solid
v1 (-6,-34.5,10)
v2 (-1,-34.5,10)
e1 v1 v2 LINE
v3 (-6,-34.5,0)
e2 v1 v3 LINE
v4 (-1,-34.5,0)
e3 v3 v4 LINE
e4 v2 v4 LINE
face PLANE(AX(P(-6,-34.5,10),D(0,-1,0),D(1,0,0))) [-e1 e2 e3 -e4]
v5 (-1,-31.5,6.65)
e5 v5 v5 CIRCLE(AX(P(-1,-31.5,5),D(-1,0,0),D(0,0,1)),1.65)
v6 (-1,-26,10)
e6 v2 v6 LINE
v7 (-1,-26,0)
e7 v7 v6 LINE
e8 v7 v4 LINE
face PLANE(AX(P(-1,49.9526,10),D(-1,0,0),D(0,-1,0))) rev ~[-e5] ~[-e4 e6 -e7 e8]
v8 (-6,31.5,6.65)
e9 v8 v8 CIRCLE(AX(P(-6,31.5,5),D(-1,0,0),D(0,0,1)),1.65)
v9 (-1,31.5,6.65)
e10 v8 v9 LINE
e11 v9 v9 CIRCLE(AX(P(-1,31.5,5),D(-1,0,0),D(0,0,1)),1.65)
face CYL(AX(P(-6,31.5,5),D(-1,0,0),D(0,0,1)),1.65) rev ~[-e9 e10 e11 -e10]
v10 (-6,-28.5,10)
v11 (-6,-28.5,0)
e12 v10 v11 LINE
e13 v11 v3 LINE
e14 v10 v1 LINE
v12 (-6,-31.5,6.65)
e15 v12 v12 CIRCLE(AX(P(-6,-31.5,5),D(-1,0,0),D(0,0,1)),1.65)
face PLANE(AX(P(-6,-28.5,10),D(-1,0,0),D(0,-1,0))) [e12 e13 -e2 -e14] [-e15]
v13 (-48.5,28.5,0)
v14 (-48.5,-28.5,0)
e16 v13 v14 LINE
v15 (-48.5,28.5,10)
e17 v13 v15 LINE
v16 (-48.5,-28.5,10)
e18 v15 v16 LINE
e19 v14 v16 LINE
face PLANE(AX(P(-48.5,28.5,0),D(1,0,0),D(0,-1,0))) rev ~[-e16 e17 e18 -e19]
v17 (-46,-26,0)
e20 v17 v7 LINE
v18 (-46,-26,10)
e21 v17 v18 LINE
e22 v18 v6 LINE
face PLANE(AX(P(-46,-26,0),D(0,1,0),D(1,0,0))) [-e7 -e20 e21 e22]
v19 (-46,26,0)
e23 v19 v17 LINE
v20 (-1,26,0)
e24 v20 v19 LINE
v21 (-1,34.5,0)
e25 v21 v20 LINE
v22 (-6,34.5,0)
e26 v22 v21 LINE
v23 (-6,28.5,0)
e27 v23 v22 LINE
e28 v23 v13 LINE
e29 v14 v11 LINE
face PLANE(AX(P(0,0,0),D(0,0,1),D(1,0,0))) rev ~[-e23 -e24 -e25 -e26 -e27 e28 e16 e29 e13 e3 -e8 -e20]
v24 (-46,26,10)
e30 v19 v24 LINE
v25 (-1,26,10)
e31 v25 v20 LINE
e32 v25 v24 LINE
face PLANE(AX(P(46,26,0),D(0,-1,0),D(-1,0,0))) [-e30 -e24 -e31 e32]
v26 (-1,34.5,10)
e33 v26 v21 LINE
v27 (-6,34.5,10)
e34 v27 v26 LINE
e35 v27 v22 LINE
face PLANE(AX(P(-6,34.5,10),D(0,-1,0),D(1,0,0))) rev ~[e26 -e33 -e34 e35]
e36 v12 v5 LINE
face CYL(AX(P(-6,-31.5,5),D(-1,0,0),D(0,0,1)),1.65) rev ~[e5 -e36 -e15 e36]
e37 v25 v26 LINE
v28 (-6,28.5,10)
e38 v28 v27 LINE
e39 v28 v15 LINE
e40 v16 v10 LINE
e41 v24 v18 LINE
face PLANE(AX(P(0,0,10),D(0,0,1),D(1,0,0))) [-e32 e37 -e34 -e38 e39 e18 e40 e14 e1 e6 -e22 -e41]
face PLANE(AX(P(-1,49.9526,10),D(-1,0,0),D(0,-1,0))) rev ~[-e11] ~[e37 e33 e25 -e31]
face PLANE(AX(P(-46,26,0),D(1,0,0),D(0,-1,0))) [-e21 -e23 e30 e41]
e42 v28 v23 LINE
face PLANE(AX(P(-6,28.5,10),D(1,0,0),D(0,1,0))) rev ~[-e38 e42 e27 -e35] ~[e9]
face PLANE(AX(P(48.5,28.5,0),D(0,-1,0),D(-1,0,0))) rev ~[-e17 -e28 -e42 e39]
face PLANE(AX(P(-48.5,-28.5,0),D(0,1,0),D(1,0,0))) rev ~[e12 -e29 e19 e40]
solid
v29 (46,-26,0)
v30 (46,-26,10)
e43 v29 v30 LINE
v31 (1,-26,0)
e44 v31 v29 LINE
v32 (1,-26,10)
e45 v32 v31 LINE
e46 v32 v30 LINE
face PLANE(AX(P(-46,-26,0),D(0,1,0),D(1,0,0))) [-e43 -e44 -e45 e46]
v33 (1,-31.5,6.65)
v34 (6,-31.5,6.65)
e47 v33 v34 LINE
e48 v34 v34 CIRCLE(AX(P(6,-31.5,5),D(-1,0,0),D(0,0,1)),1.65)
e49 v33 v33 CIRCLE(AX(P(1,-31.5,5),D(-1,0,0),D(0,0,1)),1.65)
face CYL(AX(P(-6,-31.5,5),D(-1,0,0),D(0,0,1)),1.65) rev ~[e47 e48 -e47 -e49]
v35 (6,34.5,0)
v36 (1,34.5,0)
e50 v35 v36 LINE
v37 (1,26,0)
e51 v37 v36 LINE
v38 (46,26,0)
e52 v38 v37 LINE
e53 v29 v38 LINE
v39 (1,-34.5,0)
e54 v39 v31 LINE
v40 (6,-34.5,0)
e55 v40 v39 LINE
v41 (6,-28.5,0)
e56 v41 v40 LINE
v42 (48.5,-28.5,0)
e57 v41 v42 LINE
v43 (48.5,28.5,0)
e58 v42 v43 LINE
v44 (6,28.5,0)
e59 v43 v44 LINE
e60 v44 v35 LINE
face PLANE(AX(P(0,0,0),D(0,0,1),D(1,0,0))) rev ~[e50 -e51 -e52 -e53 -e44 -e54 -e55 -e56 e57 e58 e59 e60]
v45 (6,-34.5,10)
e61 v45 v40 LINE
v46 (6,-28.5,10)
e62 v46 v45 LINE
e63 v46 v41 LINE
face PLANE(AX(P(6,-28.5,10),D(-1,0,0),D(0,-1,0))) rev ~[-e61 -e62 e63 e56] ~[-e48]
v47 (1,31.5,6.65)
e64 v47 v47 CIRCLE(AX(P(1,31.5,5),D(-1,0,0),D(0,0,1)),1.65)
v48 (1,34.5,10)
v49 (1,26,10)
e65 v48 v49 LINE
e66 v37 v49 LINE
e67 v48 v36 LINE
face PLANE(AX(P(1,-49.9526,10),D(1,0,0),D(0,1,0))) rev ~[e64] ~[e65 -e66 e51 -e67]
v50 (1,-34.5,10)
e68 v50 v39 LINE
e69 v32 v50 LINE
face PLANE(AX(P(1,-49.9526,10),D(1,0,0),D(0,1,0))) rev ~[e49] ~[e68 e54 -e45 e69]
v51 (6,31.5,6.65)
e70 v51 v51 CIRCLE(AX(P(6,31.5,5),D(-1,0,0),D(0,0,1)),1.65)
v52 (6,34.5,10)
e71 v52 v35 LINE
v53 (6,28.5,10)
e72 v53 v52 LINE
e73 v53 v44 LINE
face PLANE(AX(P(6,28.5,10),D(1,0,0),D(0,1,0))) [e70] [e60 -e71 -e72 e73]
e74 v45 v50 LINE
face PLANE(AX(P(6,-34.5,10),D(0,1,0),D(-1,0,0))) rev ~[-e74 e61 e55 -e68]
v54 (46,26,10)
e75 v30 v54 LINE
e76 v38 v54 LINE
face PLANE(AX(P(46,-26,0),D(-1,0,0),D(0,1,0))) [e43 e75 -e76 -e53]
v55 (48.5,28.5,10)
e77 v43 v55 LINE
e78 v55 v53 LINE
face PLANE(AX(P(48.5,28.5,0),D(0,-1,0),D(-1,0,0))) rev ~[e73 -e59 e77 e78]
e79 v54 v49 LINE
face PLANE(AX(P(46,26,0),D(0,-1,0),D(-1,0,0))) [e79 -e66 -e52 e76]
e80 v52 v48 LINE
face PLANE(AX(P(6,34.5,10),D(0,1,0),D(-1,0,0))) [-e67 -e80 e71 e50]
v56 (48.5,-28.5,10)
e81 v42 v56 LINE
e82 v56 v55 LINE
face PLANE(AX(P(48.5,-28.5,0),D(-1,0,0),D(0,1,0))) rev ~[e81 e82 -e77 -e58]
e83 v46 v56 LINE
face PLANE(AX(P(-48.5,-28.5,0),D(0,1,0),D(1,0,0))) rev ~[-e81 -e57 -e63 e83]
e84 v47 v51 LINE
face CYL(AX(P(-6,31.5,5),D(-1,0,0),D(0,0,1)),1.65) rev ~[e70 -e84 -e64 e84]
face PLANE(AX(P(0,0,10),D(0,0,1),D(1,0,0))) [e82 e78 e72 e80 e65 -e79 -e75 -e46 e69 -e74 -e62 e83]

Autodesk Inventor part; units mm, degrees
ref_plane "YZ Plane" through (0, 0, 0) normal (1, 0, 0) x (0, 1, 0)
ref_plane "XZ Plane" through (0, 0, 0) normal (0, 1, 0) x (-1, 0, 0)
ref_plane "XY Plane" through (0, 0, 0) normal (0, 0, 1) x (1, 0, 0)
sketch "Sketch6" plane through (0, 0, 0) normal (0, 0, 1) x (1, 0, 0)
  line L0 (-46, -26) -> (46, -26)
  line L1 (46, -26) -> (46, 26)
  line L2 (46, 26) -> (-46, 26)
  line L3 (-46, 26) -> (-46, -26)
  line L4 (-46, -26) -> (46, 26) construction
  line L5 (46, -26) -> (-46, 26) construction
  line L6 (-48.5, -28.5) -> (48.5, -28.5)
  line L7 (48.5, -28.5) -> (48.5, 28.5)
  line L8 (48.5, 28.5) -> (-48.5, 28.5)
  line L9 (-48.5, 28.5) -> (-48.5, -28.5)
  line L10 (-48.5, -28.5) -> (48.5, 28.5) construction
  line L11 (48.5, -28.5) -> (-48.5, 28.5) construction
  point P0 (0, 0)
  dimension "d35" = 2.5
  dimension "d36" = 2.5
  dimension "d37" = 52
  dimension "d38" = 92
extrude "Extrusion6" add sketch "Sketch6" along normal blind 10
sketch "Sketch7" plane through (0, 0, 10) normal (0, 0, 1) x (1, 0, 0)
  line L0 (-1, -49.9526) -> (1, -49.9526)
  line L1 (1, -49.9526) -> (1, 49.9526)
  line L2 (1, 49.9526) -> (-1, 49.9526)
  line L3 (-1, 49.9526) -> (-1, -49.9526)
  line L4 (-1, -49.9526) -> (1, 49.9526) construction
  line L5 (1, -49.9526) -> (-1, 49.9526) construction
  point P0 (0, 0)
  dimension "d41" = 2
extrude "Extrusion7" cut sketch "Sketch7" against normal through all
sketch "Sketch8" plane through (0, 0, 10) normal (0, 0, 1) x (1, 0, 0)
  line L0 (-1, 28.5) -> (-48.5, 28.5) projected
  line L1 (-1, 28.5) -> (-6, 28.5)
  line L2 (-6, 28.5) -> (-6, 34.5)
  line L3 (-6, 34.5) -> (-1, 34.5)
  line L4 (-1, 34.5) -> (-1, 28.5)
  line L5 (48.5, 28.5) -> (1, 28.5) projected
  line L6 (1, 28.5) -> (6, 28.5)
  line L7 (6, 28.5) -> (6, 34.5)
  line L8 (6, 34.5) -> (1, 34.5)
  line L9 (1, 34.5) -> (1, 28.5)
  line L10 (-1, -26) -> (-1, -28.5) projected
  line L11 (-1, -28.5) -> (-6, -28.5)
  line L12 (-6, -28.5) -> (-6, -34.5)
  line L13 (-6, -34.5) -> (-1, -34.5)
  line L14 (-1, -34.5) -> (-1, -28.5)
  line L15 (1, -28.5) -> (48.5, -28.5) projected
  line L16 (1, -28.5) -> (6, -28.5)
  line L17 (6, -28.5) -> (6, -34.5)
  line L18 (6, -34.5) -> (1, -34.5)
  line L19 (1, -34.5) -> (1, -28.5)
  point P0 (0, 0)
  dimension "d44" = 5
  dimension "d45" = 6
extrude "Extrusion8" add sketch "Sketch8" against normal up to surface (10 mm away)
sketch "Sketch9" plane through (-6, -34.5, 10) normal (-1, 0, 0) x (0, 0, 1)
  line L0 (0, 69) -> (-10, 69) construction
  line L1 (-5, 69) -> (-5, 63) construction
  line L2 (0, 63) -> (-10, 63) construction
  line L3 (-10, 6) -> (0, 6) construction
  line L4 (-5, 6) -> (-5, 0) construction
  line L5 (0, 0) -> (-10, 0) construction
  circle A0 centre (-5, 3) radius 1.65
  circle A1 centre (-5, 66) radius 1.65
  point P0 (-10, 34.5)
  dimension "d48" = 3.3
extrude "Extrusion9" cut sketch "Sketch9" against normal through all
equation "\"d36\" = d35"
properties part number "proto_clamp"
